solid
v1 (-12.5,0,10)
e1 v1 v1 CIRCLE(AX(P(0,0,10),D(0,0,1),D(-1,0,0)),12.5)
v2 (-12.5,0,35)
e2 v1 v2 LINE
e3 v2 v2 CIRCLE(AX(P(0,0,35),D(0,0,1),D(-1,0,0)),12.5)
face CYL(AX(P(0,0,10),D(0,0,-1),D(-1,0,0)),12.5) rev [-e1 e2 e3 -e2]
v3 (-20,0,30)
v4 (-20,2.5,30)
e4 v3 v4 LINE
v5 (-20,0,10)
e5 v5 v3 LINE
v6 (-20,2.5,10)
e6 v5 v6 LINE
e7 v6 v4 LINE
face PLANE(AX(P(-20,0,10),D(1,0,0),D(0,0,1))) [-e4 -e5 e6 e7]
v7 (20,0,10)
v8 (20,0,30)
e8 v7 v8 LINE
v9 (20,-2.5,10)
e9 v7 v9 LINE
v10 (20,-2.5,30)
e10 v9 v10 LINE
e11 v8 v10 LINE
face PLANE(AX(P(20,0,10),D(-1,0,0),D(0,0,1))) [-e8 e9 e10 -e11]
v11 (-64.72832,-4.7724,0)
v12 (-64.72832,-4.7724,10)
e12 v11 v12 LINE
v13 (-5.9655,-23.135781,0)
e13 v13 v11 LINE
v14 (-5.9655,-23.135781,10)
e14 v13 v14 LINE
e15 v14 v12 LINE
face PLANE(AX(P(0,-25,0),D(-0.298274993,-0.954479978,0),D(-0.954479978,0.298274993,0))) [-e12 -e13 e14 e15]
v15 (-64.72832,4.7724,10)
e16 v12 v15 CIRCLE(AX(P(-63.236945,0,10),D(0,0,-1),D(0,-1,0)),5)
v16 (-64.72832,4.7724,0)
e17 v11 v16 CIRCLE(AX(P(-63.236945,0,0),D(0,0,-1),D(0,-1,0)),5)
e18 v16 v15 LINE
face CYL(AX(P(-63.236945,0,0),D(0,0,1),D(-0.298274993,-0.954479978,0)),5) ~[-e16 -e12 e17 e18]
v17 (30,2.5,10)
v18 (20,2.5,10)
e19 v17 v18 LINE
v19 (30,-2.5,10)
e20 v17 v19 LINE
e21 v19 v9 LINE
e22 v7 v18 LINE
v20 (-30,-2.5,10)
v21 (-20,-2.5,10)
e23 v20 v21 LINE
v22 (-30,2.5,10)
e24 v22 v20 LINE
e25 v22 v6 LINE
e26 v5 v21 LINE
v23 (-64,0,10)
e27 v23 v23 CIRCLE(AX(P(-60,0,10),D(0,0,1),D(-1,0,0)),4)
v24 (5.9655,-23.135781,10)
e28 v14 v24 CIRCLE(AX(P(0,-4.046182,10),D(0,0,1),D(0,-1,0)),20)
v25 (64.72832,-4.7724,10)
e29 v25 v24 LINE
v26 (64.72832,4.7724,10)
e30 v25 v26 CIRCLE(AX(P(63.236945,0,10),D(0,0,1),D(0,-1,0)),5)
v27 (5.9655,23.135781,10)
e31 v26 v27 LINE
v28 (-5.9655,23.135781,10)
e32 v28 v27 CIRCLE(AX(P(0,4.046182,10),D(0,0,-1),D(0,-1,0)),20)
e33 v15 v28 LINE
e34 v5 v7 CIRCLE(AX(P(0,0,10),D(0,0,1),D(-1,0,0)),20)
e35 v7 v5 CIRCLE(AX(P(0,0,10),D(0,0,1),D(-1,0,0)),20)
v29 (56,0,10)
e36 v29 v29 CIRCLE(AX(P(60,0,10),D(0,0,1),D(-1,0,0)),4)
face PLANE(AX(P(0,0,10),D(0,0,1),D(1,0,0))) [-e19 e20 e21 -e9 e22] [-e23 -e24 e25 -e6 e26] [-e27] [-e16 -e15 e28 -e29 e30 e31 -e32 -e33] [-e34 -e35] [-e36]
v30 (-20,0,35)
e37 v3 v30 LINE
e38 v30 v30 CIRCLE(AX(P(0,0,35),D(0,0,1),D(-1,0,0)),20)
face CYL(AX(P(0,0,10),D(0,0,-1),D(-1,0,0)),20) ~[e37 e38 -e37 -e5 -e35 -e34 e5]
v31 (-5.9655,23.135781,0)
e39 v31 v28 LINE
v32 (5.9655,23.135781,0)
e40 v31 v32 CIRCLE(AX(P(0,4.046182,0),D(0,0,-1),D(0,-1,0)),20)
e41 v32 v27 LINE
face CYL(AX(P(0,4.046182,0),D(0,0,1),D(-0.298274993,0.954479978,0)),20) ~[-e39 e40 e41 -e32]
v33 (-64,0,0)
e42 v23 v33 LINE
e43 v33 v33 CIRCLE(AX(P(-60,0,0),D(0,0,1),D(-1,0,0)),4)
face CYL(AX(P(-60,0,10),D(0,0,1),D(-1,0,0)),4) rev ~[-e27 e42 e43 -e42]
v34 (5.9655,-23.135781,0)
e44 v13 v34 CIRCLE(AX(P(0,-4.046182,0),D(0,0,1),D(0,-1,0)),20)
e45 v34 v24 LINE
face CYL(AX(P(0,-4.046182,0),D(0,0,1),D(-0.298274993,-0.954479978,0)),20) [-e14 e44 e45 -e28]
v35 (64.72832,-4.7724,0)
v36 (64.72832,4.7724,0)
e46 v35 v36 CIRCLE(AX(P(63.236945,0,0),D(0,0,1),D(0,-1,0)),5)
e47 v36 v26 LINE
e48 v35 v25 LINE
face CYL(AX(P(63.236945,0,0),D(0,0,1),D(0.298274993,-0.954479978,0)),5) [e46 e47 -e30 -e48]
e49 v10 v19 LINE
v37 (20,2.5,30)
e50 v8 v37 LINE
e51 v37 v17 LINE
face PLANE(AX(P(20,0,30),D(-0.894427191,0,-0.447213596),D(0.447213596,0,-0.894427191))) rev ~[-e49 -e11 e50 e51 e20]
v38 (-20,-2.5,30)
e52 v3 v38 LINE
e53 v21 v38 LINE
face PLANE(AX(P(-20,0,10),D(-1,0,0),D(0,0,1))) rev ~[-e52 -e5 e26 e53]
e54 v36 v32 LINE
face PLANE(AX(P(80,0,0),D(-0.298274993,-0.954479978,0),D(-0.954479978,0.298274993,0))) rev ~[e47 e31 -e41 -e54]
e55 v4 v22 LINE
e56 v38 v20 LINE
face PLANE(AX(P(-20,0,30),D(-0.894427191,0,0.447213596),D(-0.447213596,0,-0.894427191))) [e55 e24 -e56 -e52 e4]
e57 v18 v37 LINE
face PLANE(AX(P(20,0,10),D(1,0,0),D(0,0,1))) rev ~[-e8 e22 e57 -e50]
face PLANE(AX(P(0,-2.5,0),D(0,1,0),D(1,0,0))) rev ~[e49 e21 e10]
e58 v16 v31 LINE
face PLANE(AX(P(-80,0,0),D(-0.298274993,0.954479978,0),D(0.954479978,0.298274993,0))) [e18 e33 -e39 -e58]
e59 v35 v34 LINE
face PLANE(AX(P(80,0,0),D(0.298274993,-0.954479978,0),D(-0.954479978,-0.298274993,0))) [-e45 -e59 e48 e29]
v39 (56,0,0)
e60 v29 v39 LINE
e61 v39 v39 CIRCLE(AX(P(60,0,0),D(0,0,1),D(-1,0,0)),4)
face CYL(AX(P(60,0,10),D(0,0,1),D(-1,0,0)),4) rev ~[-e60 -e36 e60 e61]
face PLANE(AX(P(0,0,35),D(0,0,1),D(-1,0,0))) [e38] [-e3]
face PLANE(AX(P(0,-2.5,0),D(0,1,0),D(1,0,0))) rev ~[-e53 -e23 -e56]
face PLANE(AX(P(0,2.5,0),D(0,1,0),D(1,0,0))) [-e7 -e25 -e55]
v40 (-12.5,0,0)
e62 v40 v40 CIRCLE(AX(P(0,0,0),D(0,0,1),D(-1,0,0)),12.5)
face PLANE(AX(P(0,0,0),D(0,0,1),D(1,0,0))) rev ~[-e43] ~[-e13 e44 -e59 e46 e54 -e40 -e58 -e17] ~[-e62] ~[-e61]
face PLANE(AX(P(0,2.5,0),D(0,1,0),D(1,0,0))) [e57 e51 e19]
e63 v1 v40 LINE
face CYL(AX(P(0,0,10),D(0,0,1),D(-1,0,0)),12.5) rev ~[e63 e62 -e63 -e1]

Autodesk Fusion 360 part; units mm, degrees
sketch "Sketch1" plane through (0, 0, 0) normal (0, 0, 1) x (1, 0, 0)
  line L0 (0, -25) -> (-80, 0)
  line L1 (-80, 0) -> (0, 25)
  line L2 (80, 0) -> (0, 25)
  line L3 (80, 0) -> (0, -25)
extrude "Extrude1" add sketch "Sketch1" along normal blind 10 makes body 1
fillet "Fillet3" radius 20 1 edges at (0, 25, 5) on bodies 1
fillet "Fillet4" radius 20 1 edges at (0, -25, 5) on bodies 1
sketch "Sketch5" plane through (0, 0, 10) normal (0, 0, 1) x (-1, 0, 0)
  arc A0 (5.9655, 23.1358) -> (-5.9655, 23.1358) centre (0, 4.0462) ccw
  line L0 (-5.9655, 23.1358) -> (-80, 0)
  line L1 (-80, 0) -> (-5.9655, -23.1358)
  arc A1 (-5.9655, -23.1358) -> (5.9655, -23.1358) centre (0, -4.0462) ccw
  line L2 (5.9655, -23.1358) -> (80, 0)
  line L3 (80, 0) -> (5.9655, 23.1358)
  circle A2 centre (0, 0) radius 20
  circle A3 centre (0, 0) radius 12.5
  dimension "d19" = 25
extrude "Extrude5" add sketch "Sketch5" along normal blind 25 contours A2 bodies 1
extrude "Extrude6" cut 1 faces at (-0.8448, -2.1525, 10) along direction (0, 0, -1) blind 60 on bodies 1 bodies 1
sketch "Sketch8" plane through (0, 0, 0) normal (0, 1, 0) x (1, 0, 0)
  line L0 (-20, -30) -> (-30, -10)
  line L1 (-30, -10) -> (-20, -10)
  line L2 (-20, -10) -> (-20, -30)
  line L3 (20, -30) -> (30, -10)
  line L4 (30, -10) -> (20, -10)
  line L5 (20, -10) -> (20, -30)
extrude "Extrude8" add sketch "Sketch8" along normal blind 2.5 separate body makes body 2 at (-23.3333, 0, 16.6667) makes body 3 at (23.3333, 0, 16.6667)
extrude "Extrude9" add 1 faces at (-23.3333, 0, 16.6667) along direction (0, -1, 0) blind 2.5 on bodies 2 bodies 2 3 1
extrude "Extrude10" add 1 faces at (23.3333, 0, 16.6667) along direction (0, -1, 0) blind 2.5 on bodies 3 bodies 3 2
fillet "Fillet5" radius 5 1 edges at (-80, 0, 5) on bodies 3
fillet "Fillet6" radius 5 1 edges at (80, 0, 5) on bodies 3
sketch "Sketch9" plane through (0, 0, 10) normal (0, 0, 1) x (-1, 0, 0)
  arc A0 (-20, 0) -> (20, 0) centre (0, 0) ccw
  line L0 (-20, 0) -> (-20, -2.5)
  line L1 (-20, -2.5) -> (-30, -2.5)
  line L2 (-30, -2.5) -> (-30, 2.5)
  line L3 (-30, 2.5) -> (-20, 2.5)
  line L4 (-20, 2.5) -> (-20, 0)
  arc A1 (20, 0) -> (-20, 0) centre (0, 0) ccw
  line L5 (20, 0) -> (20, 2.5)
  line L6 (20, 2.5) -> (30, 2.5)
  line L7 (30, 2.5) -> (30, -2.5)
  line L8 (30, -2.5) -> (20, -2.5)
  line L9 (20, -2.5) -> (20, 0)
  arc A2 (-64.7283, 4.7724) -> (-64.7283, -4.7724) centre (-63.2369, 0) ccw
  line L10 (-64.7283, -4.7724) -> (-5.9655, -23.1358)
  arc A3 (-5.9655, -23.1358) -> (5.9655, -23.1358) centre (0, -4.0462) ccw
  line L11 (5.9655, -23.1358) -> (64.7283, -4.7724)
  arc A4 (64.7283, -4.7724) -> (64.7283, 4.7724) centre (63.2369, 0) ccw
  line L12 (64.7283, 4.7724) -> (5.9655, 23.1358)
  arc A5 (5.9655, 23.1358) -> (-5.9655, 23.1358) centre (0, 4.0462) ccw
  line L13 (-5.9655, 23.1358) -> (-64.7283, 4.7724)
  circle A6 centre (60, 0) radius 4
  circle A7 centre (-60, 0) radius 4
  dimension "d34" = 8
  dimension "d35" = 8
extrude "Extrude11" cut sketch "Sketch9" against normal blind 40 contours A6 | A7 bodies 3
